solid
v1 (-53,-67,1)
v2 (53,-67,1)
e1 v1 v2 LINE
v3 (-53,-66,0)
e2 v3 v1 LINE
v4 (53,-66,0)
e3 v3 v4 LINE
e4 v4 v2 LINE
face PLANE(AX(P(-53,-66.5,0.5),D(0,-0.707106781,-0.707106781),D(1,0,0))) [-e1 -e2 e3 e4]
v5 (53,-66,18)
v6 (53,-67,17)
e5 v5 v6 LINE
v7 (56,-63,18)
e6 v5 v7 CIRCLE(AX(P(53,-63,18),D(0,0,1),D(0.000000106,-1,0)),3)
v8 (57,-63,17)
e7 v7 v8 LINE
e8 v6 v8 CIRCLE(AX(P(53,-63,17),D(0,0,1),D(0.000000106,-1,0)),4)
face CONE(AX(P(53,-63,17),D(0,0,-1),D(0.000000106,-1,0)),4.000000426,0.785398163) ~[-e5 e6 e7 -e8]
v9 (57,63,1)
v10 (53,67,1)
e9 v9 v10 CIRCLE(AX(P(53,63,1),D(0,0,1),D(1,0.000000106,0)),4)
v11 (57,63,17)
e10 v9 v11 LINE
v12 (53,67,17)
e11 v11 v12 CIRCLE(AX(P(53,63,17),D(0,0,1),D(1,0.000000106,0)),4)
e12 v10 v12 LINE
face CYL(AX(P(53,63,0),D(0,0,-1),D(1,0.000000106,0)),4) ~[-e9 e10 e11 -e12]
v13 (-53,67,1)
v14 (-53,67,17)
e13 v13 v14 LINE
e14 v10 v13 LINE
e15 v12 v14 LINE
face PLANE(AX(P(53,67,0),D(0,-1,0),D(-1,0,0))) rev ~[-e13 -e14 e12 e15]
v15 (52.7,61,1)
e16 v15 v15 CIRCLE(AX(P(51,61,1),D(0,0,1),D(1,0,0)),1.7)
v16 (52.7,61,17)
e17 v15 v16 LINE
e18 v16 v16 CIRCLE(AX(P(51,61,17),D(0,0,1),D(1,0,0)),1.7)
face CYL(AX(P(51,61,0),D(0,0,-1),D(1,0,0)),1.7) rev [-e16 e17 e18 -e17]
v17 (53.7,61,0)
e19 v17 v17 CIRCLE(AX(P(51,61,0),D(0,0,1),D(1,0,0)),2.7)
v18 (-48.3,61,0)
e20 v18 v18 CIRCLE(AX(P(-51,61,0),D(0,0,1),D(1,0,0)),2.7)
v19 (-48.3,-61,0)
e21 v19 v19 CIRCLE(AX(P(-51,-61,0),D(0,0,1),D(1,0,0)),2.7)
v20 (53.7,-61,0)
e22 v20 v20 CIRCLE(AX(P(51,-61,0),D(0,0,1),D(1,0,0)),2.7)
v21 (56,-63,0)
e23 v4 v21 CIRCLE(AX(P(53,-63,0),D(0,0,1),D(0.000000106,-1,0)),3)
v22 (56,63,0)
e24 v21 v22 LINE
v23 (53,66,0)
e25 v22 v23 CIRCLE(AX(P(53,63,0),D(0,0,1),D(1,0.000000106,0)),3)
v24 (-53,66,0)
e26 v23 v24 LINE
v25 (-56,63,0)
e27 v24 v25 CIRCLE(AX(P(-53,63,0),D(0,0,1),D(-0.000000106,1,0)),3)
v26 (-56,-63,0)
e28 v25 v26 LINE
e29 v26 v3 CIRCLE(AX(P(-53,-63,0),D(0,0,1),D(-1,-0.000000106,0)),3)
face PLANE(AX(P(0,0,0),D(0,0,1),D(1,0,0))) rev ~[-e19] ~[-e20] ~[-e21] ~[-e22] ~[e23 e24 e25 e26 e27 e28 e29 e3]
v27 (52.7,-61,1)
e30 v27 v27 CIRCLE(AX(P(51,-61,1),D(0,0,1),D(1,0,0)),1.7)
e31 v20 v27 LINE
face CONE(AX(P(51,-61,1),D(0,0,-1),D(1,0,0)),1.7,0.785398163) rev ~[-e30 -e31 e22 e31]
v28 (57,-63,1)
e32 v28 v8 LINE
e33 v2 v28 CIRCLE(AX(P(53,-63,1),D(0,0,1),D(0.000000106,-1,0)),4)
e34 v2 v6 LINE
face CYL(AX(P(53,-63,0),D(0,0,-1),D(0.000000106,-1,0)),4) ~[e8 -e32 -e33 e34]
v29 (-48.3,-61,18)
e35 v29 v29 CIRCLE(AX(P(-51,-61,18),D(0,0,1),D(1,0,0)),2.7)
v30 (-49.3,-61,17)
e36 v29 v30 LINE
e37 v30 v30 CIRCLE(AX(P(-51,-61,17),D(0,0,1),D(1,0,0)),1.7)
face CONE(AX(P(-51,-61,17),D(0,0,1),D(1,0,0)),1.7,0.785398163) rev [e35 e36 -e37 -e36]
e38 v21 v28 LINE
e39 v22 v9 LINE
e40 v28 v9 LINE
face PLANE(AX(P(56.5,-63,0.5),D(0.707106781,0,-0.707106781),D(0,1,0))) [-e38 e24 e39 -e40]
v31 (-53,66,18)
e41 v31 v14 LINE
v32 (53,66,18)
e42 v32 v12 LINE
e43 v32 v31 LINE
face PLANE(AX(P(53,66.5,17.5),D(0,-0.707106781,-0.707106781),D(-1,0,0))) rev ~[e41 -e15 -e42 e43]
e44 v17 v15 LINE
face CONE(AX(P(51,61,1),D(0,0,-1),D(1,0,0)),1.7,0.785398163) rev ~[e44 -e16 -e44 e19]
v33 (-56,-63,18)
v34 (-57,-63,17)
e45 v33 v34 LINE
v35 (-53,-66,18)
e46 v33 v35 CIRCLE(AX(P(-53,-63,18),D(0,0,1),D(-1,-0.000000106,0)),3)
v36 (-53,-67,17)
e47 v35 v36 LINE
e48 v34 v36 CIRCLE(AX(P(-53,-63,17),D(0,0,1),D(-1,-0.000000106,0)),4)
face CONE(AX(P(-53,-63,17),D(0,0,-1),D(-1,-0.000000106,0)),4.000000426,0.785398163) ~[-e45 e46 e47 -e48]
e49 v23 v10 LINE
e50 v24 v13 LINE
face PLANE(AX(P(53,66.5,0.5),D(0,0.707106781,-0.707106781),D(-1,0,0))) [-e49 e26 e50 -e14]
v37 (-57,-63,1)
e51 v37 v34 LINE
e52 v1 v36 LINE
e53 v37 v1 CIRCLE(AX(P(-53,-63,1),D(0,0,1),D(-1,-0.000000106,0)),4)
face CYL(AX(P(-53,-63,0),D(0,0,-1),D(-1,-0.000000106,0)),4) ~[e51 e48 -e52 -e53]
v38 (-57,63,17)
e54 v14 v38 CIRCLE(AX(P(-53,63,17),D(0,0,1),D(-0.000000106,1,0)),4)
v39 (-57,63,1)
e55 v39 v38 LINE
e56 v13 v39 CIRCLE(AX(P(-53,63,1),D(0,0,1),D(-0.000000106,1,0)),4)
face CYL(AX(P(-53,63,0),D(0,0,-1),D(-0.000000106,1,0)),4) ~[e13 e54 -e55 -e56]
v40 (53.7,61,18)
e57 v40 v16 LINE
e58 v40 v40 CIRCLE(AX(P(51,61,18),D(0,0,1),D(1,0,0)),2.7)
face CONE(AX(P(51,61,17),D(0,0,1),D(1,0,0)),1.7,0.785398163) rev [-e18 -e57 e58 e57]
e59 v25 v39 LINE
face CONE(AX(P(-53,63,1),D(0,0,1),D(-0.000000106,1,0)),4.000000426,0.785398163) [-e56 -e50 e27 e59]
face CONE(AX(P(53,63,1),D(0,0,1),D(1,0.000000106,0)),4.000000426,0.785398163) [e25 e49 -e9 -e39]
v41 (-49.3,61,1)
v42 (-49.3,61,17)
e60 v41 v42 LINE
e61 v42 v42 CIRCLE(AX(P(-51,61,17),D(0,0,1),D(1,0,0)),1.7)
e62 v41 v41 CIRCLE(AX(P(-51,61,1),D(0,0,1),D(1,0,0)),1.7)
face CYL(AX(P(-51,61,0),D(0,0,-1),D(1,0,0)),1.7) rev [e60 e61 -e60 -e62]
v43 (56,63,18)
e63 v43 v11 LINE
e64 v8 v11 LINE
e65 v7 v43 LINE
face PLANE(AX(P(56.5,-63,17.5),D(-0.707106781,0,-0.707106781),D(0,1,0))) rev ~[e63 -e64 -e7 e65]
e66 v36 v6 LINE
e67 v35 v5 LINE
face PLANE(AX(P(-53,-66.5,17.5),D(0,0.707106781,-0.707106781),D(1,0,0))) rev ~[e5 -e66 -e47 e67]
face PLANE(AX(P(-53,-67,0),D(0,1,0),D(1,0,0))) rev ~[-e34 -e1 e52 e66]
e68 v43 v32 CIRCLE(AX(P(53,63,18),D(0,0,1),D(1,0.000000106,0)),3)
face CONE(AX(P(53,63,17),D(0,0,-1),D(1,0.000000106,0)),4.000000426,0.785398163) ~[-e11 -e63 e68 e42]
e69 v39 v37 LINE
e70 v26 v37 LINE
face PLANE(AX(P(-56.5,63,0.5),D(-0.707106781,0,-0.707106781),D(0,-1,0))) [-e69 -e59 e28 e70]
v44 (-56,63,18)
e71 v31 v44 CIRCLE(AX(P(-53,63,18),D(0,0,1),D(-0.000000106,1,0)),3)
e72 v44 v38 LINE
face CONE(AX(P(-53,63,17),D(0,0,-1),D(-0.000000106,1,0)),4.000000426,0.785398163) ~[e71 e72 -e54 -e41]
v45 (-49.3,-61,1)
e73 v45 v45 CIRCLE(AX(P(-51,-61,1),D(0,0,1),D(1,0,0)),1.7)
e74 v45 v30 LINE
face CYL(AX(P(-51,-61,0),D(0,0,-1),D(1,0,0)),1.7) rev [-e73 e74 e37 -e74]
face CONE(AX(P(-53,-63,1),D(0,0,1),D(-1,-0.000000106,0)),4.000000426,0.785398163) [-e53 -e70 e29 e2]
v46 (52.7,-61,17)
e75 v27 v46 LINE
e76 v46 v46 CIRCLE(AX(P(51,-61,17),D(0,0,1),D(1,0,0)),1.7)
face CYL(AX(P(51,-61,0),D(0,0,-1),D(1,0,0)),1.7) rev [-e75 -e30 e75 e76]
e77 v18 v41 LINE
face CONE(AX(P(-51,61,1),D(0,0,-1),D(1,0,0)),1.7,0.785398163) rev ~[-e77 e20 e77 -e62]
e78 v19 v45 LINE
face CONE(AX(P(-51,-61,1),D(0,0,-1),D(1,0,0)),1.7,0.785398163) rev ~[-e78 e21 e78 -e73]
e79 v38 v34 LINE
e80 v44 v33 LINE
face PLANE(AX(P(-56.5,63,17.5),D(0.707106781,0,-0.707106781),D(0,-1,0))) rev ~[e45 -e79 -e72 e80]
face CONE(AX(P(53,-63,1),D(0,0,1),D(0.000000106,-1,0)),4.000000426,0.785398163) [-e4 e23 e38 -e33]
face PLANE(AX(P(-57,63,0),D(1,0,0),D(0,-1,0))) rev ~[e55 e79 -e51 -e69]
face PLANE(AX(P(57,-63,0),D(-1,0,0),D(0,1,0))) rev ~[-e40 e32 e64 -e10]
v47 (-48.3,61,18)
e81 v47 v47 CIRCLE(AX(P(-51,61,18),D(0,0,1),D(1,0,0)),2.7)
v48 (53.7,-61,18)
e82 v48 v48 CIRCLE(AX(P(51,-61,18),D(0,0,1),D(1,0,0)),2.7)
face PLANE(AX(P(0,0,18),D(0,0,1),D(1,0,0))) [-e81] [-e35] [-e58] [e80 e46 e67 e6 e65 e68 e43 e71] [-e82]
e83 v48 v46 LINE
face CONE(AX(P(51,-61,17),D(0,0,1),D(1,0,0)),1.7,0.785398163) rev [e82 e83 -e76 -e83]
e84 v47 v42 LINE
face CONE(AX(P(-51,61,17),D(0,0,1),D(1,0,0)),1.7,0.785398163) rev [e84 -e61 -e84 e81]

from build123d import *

# Parameters (mm, degrees)
SKETCH005_R      = 1.7
EXTRUDE003_DEPTH = 18
EXTRUDE002_DEPTH = 18
CHAMFER001_SIZE  = 1


with BuildPart() as screw_holes001:
    # Sketch005 → Extrude003 (new body)
    with BuildSketch(Plane.XY):
        with Locations((-51, 61)):
            Circle(SKETCH005_R)
        with Locations((51, 61)):
            Circle(SKETCH005_R)
        with Locations((51, -61)):
            Circle(SKETCH005_R)
        with Locations((-51, -61)):
            Circle(SKETCH005_R)
    extrude(amount=EXTRUDE003_DEPTH)


with BuildPart() as magnet_plate_with_screw_holes001:
    # Sketch004 → Extrude002 (new body)
    with BuildSketch(Plane.XY):
        with BuildLine():
            Line((-57, 63), (-57, -63))
            ThreePointArc((-57, -63), (-55.828427, -65.828427), (-53, -67))
            Line((-53, -67), (53, -67))
            ThreePointArc((53, -67), (55.828427, -65.828427), (57, -63))
            Line((57, -63), (57, 63))
            ThreePointArc((57, 63), (55.828427, 65.828427), (53, 67))
            Line((53, 67), (-53, 67))
            ThreePointArc((-53, 67), (-55.828427, 65.828427), (-57, 63))
        make_face()
    extrude(amount=EXTRUDE002_DEPTH)

    # Cut002: cut screw holes001
    add(screw_holes001.part, mode=Mode.SUBTRACT)

    # Chamfer001
    chamfer001_edges = [magnet_plate_with_screw_holes001.edges().sort_by_distance(p)[0] for p in [
        (0, -67, 0),
        (-52.7, -61, 0),
        (49.3, -61, 0),
        (-52.7, 61, 0),
        (49.3, 61, 0),
        (0, 67, 18),
        (-52.7, -61, 18),
        (49.3, -61, 18),
        (-52.7, 61, 18),
        (49.3, 61, 18),
    ]]
    chamfer(chamfer001_edges, length=CHAMFER001_SIZE)


solid = magnet_plate_with_screw_holes001.part
